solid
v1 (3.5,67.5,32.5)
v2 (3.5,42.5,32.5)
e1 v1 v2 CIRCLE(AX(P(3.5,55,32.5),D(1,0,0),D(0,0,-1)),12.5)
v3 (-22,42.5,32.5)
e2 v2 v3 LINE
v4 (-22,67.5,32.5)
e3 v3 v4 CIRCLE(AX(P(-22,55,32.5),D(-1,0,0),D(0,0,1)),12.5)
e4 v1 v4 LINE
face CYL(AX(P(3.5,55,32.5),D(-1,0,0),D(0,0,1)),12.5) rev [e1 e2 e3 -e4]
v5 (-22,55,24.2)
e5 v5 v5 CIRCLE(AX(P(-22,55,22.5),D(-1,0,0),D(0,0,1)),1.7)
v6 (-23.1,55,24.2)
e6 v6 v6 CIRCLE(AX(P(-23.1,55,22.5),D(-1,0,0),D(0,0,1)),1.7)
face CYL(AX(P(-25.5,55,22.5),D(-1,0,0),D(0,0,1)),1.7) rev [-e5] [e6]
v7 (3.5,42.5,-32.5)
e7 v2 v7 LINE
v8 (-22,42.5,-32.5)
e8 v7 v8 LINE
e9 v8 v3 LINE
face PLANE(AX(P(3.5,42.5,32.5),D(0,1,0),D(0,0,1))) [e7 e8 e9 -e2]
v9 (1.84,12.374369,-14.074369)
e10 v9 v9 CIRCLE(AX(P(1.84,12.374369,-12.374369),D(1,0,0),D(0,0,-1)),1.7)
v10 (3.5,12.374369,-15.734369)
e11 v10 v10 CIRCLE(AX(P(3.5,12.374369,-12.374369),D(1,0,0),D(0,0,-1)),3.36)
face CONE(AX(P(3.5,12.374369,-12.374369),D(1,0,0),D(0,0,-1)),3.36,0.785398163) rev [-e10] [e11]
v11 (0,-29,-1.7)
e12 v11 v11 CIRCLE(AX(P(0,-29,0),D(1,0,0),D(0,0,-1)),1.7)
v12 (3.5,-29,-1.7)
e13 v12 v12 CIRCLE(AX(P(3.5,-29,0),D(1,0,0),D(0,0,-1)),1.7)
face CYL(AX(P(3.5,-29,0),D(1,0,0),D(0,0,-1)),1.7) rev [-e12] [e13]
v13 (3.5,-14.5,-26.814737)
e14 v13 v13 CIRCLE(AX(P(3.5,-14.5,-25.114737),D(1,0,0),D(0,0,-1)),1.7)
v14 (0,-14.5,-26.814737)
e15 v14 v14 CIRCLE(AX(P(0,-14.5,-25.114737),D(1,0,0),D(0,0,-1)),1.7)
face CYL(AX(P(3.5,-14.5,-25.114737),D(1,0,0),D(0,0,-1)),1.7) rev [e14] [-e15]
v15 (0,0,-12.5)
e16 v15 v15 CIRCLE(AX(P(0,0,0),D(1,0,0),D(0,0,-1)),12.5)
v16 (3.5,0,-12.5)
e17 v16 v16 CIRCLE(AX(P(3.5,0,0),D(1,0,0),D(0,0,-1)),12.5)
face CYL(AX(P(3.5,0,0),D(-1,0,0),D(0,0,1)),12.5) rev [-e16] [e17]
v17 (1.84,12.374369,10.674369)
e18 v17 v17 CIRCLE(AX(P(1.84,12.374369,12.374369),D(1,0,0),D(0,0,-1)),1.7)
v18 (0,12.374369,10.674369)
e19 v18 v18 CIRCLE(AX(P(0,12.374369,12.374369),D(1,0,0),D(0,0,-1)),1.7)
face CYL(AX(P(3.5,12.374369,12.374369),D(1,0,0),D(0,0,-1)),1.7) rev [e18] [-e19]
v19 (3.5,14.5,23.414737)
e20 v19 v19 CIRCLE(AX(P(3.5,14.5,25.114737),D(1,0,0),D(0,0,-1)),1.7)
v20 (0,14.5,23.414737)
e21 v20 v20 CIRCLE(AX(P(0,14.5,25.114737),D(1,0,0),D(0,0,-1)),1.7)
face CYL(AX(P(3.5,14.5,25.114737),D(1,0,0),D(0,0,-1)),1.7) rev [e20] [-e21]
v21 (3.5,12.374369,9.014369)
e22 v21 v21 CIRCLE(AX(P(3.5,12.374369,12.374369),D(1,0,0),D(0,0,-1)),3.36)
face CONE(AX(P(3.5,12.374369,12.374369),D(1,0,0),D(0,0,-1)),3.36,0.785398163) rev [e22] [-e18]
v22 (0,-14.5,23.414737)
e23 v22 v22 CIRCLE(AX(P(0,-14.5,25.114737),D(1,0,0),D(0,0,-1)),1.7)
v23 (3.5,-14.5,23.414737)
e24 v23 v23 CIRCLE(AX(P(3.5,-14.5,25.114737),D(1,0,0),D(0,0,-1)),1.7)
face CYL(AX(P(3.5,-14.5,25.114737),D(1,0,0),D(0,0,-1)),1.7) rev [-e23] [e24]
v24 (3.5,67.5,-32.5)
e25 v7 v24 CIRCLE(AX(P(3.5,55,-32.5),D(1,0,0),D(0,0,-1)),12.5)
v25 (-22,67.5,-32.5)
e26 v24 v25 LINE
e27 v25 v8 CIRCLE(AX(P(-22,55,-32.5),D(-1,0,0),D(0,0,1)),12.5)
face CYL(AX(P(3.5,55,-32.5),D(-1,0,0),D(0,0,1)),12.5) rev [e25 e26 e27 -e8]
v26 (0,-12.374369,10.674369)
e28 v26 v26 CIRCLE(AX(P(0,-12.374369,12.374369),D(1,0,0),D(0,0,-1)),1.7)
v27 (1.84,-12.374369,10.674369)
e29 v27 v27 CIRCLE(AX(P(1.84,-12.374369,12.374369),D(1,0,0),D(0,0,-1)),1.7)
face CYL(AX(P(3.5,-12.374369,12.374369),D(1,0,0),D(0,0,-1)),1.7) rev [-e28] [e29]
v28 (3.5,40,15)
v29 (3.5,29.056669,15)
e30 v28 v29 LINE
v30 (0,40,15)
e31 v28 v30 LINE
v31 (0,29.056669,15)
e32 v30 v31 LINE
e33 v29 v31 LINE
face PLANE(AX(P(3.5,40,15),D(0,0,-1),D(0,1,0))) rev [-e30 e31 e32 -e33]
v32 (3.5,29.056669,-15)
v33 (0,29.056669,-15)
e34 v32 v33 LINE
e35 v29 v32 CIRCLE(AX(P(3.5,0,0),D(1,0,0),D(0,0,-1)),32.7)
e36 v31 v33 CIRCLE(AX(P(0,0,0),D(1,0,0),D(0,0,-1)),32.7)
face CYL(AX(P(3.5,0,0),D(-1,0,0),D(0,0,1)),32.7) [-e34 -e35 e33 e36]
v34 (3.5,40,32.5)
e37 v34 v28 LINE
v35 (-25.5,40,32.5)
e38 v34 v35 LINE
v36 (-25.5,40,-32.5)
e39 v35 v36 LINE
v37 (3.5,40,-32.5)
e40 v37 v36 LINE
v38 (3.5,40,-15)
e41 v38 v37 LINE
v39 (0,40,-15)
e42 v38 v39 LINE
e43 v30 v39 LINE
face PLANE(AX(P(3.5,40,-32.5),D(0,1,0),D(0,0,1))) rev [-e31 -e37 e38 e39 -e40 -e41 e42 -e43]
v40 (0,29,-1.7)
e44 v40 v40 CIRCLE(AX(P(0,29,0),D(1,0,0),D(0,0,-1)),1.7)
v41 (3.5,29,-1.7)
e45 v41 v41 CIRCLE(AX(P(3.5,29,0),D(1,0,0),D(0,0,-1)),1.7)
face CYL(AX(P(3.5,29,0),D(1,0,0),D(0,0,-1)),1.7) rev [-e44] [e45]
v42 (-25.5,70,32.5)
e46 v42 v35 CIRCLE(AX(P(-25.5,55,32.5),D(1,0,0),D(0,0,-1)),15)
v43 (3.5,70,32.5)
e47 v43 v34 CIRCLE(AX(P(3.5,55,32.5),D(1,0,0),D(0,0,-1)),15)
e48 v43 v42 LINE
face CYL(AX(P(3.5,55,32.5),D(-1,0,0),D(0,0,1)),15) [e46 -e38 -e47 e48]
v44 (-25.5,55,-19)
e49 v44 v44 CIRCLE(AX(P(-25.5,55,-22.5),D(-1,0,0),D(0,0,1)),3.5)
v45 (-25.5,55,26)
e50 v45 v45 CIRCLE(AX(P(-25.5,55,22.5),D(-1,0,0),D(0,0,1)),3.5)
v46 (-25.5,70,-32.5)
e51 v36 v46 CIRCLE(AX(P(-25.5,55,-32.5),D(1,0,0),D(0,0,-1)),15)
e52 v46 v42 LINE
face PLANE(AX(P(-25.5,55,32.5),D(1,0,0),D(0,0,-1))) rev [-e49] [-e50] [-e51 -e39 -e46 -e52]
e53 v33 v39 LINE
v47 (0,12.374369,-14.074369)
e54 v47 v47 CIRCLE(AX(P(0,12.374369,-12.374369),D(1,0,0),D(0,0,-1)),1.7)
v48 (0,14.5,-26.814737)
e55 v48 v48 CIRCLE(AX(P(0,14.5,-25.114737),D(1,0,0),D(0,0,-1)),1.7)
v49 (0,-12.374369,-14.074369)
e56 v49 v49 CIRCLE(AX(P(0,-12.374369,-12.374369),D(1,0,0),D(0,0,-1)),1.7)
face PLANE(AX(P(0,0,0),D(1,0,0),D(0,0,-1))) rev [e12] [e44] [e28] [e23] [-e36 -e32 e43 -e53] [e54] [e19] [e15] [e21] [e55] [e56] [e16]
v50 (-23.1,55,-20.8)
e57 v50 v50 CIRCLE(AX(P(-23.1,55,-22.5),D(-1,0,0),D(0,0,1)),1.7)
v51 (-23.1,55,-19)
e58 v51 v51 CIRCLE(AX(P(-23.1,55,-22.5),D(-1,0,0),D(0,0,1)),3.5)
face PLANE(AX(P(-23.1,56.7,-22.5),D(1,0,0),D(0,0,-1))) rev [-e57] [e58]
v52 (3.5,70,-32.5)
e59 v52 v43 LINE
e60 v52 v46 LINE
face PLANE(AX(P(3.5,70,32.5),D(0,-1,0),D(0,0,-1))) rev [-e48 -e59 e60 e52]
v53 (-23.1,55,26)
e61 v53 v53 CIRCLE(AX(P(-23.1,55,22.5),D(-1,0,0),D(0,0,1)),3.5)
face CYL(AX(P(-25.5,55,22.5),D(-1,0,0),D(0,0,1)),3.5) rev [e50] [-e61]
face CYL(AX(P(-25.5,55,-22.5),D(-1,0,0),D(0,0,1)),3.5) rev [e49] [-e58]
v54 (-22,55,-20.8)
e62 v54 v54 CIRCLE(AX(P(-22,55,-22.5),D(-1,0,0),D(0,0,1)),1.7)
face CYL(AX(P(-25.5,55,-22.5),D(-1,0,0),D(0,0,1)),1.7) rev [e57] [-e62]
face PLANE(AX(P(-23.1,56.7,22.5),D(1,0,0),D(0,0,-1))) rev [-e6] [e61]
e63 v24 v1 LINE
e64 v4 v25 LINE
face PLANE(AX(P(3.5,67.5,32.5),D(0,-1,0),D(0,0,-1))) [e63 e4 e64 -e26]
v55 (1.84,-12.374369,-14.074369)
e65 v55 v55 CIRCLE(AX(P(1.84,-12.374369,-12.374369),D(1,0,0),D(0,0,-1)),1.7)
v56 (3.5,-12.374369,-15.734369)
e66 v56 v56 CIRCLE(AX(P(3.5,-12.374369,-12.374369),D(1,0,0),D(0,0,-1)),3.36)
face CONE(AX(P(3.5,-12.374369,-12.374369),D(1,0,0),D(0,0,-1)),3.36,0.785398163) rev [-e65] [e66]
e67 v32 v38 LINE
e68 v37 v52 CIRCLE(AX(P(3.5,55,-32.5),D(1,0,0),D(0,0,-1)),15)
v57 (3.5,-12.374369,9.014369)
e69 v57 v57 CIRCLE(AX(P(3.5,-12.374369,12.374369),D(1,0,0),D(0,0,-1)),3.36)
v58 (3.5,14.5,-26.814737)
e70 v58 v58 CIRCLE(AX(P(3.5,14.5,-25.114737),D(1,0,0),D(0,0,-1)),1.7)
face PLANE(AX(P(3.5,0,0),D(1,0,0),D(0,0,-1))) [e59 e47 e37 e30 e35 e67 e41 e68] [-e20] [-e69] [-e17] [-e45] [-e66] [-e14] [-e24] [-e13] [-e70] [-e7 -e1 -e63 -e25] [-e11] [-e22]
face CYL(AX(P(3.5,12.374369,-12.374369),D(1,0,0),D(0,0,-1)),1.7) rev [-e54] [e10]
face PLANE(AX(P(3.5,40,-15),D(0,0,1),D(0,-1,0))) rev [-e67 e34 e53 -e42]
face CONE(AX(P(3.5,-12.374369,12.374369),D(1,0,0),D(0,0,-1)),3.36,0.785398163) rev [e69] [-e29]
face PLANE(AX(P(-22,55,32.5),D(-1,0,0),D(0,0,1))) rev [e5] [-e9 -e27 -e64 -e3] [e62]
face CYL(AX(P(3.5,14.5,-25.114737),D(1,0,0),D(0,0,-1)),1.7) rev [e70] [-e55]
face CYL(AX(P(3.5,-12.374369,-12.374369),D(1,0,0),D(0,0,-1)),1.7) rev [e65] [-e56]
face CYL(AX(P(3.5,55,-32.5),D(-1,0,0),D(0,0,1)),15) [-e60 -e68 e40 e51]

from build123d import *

# Parameters (mm, degrees)
CROQUIS1_R                                           = 12.5
SALIENTE_EXTRUIR1_DEPTH                              = 3.5
TALADRO_DE_MARGEN_PARA_M31_D                         = 3.4
REFRENTADO_PARA_TORNILLO_TAP_N_CON_CABEZ_D           = 3.4
REFRENTADO_PARA_TORNILLO_TAP_N_CON_CABEZ_CSINK_D     = 6.72
REFRENTADO_PARA_TORNILLO_TAP_N_CON_CABEZ_CSINK_ANGLE = 90
SALIENTE_EXTRUIR2_START                              = -29
SALIENTE_EXTRUIR2_DEPTH                              = 29
SALIENTE_EXTRUIR3_DEPTH                              = 3.5
REFRENTADO_PARA_TORNILLO_CON_CABEZA_TRON_D           = 3.4
REFRENTADO_PARA_TORNILLO_CON_CABEZA_TRON_CBORE_D     = 7
REFRENTADO_PARA_TORNILLO_CON_CABEZA_TRON_CBORE_DEPTH = 2.4


with BuildPart() as part:
    # Croquis1 → Saliente-Extruir1 (new body)
    with BuildSketch(Plane(origin=(0, 0, 0), x_dir=(0, 0, -1), z_dir=(1, 0, 0))):
        with BuildLine():
            Line((-15, 40), (-15, 29.05666877))
            ThreePointArc((-15, 29.05666877), (0, -32.7), (15, 29.05666877))
            Line((15, 29.05666877), (15, 40))
            Line((15, 40), (32.5, 40))
            ThreePointArc((32.5, 40), (47.5, 55), (32.5, 70))
            Line((32.5, 70), (-32.5, 70))
            ThreePointArc((-32.5, 70), (-47.5, 55), (-32.5, 40))
            Line((-32.5, 40), (-15, 40))
        make_face()
        Circle(CROQUIS1_R, mode=Mode.SUBTRACT)
        with BuildLine():
            Line((-32.5, 67.5), (32.5, 67.5))
            ThreePointArc((32.5, 67.5), (45, 55), (32.5, 42.5))
            Line((32.5, 42.5), (-32.5, 42.5))
            ThreePointArc((-32.5, 42.5), (-45, 55), (-32.5, 67.5))
        make_face(mode=Mode.SUBTRACT)
    extrude(amount=SALIENTE_EXTRUIR1_DEPTH)

    # Taladro de margen para M31 (through all)
    with Locations(Plane(origin=(3.5, 0, 0), x_dir=(0, 0, -1), z_dir=(1, 0, 0))):
        with Locations((0, 29), (25.11473671, 14.5), (25.11473671, -14.5), (0, -29), (-25.11473671, -14.5), (-25.11473671, 14.5)):
            Hole(TALADRO_DE_MARGEN_PARA_M31_D / 2)

    # Refrentado para tornillo tapón con cabeza plana de clavija de M31 (through all)
    with Locations(Plane(origin=(3.5, 0, 0), x_dir=(0, 0, -1), z_dir=(1, 0, 0))):
        with Locations((12.374368671, 12.374368671), (-12.374368671, -12.374368671), (-12.374368671, 12.374368671), (12.374368671, -12.374368671)):
            CounterSinkHole(REFRENTADO_PARA_TORNILLO_TAP_N_CON_CABEZ_D / 2, REFRENTADO_PARA_TORNILLO_TAP_N_CON_CABEZ_CSINK_D / 2, counter_sink_angle=REFRENTADO_PARA_TORNILLO_TAP_N_CON_CABEZ_CSINK_ANGLE)

    # Croquis8 → Saliente-Extruir2 (add)
    with BuildSketch(Plane(origin=(3.5, 0, 0), x_dir=(0, 0, -1), z_dir=(1, 0, 0)).offset(SALIENTE_EXTRUIR2_START)):
        with BuildLine():
            Line((15, 40), (32.5, 40))
            ThreePointArc((32.5, 40), (47.5, 55), (32.5, 70))
            Line((32.5, 70), (-32.5, 70))
            ThreePointArc((-32.5, 70), (-47.5, 55), (-32.5, 40))
            Line((-32.5, 40), (-15, 40))
            Line((-15, 40), (15, 40))
        make_face()
        with BuildLine():
            Line((-32.5, 67.5), (32.5, 67.5))
            ThreePointArc((32.5, 67.5), (45, 55), (32.5, 42.5))
            Line((32.5, 42.5), (-32.5, 42.5))
            ThreePointArc((-32.5, 42.5), (-45, 55), (-32.5, 67.5))
        make_face(mode=Mode.SUBTRACT)
    extrude(amount=SALIENTE_EXTRUIR2_DEPTH)

    # Croquis12 → Saliente-Extruir3 (add)
    with BuildSketch(Plane.ZY.offset(25.5)):
        with BuildLine():
            Line((32.5, 42.5), (-32.5, 42.5))
            ThreePointArc((-32.5, 42.5), (-45, 55), (-32.5, 67.5))
            Line((-32.5, 67.5), (32.5, 67.5))
            ThreePointArc((32.5, 67.5), (45, 55), (32.5, 42.5))
        make_face()
    extrude(amount=-SALIENTE_EXTRUIR3_DEPTH)

    # Refrentado para tornillo con cabeza troncocónica de M31 (through all)
    with Locations(Plane.ZY.offset(25.5)):
        with Locations((-22.5, 55), (22.5, 55)):
            CounterBoreHole(REFRENTADO_PARA_TORNILLO_CON_CABEZA_TRON_D / 2, REFRENTADO_PARA_TORNILLO_CON_CABEZA_TRON_CBORE_D / 2, REFRENTADO_PARA_TORNILLO_CON_CABEZA_TRON_CBORE_DEPTH)


solid = part.part
